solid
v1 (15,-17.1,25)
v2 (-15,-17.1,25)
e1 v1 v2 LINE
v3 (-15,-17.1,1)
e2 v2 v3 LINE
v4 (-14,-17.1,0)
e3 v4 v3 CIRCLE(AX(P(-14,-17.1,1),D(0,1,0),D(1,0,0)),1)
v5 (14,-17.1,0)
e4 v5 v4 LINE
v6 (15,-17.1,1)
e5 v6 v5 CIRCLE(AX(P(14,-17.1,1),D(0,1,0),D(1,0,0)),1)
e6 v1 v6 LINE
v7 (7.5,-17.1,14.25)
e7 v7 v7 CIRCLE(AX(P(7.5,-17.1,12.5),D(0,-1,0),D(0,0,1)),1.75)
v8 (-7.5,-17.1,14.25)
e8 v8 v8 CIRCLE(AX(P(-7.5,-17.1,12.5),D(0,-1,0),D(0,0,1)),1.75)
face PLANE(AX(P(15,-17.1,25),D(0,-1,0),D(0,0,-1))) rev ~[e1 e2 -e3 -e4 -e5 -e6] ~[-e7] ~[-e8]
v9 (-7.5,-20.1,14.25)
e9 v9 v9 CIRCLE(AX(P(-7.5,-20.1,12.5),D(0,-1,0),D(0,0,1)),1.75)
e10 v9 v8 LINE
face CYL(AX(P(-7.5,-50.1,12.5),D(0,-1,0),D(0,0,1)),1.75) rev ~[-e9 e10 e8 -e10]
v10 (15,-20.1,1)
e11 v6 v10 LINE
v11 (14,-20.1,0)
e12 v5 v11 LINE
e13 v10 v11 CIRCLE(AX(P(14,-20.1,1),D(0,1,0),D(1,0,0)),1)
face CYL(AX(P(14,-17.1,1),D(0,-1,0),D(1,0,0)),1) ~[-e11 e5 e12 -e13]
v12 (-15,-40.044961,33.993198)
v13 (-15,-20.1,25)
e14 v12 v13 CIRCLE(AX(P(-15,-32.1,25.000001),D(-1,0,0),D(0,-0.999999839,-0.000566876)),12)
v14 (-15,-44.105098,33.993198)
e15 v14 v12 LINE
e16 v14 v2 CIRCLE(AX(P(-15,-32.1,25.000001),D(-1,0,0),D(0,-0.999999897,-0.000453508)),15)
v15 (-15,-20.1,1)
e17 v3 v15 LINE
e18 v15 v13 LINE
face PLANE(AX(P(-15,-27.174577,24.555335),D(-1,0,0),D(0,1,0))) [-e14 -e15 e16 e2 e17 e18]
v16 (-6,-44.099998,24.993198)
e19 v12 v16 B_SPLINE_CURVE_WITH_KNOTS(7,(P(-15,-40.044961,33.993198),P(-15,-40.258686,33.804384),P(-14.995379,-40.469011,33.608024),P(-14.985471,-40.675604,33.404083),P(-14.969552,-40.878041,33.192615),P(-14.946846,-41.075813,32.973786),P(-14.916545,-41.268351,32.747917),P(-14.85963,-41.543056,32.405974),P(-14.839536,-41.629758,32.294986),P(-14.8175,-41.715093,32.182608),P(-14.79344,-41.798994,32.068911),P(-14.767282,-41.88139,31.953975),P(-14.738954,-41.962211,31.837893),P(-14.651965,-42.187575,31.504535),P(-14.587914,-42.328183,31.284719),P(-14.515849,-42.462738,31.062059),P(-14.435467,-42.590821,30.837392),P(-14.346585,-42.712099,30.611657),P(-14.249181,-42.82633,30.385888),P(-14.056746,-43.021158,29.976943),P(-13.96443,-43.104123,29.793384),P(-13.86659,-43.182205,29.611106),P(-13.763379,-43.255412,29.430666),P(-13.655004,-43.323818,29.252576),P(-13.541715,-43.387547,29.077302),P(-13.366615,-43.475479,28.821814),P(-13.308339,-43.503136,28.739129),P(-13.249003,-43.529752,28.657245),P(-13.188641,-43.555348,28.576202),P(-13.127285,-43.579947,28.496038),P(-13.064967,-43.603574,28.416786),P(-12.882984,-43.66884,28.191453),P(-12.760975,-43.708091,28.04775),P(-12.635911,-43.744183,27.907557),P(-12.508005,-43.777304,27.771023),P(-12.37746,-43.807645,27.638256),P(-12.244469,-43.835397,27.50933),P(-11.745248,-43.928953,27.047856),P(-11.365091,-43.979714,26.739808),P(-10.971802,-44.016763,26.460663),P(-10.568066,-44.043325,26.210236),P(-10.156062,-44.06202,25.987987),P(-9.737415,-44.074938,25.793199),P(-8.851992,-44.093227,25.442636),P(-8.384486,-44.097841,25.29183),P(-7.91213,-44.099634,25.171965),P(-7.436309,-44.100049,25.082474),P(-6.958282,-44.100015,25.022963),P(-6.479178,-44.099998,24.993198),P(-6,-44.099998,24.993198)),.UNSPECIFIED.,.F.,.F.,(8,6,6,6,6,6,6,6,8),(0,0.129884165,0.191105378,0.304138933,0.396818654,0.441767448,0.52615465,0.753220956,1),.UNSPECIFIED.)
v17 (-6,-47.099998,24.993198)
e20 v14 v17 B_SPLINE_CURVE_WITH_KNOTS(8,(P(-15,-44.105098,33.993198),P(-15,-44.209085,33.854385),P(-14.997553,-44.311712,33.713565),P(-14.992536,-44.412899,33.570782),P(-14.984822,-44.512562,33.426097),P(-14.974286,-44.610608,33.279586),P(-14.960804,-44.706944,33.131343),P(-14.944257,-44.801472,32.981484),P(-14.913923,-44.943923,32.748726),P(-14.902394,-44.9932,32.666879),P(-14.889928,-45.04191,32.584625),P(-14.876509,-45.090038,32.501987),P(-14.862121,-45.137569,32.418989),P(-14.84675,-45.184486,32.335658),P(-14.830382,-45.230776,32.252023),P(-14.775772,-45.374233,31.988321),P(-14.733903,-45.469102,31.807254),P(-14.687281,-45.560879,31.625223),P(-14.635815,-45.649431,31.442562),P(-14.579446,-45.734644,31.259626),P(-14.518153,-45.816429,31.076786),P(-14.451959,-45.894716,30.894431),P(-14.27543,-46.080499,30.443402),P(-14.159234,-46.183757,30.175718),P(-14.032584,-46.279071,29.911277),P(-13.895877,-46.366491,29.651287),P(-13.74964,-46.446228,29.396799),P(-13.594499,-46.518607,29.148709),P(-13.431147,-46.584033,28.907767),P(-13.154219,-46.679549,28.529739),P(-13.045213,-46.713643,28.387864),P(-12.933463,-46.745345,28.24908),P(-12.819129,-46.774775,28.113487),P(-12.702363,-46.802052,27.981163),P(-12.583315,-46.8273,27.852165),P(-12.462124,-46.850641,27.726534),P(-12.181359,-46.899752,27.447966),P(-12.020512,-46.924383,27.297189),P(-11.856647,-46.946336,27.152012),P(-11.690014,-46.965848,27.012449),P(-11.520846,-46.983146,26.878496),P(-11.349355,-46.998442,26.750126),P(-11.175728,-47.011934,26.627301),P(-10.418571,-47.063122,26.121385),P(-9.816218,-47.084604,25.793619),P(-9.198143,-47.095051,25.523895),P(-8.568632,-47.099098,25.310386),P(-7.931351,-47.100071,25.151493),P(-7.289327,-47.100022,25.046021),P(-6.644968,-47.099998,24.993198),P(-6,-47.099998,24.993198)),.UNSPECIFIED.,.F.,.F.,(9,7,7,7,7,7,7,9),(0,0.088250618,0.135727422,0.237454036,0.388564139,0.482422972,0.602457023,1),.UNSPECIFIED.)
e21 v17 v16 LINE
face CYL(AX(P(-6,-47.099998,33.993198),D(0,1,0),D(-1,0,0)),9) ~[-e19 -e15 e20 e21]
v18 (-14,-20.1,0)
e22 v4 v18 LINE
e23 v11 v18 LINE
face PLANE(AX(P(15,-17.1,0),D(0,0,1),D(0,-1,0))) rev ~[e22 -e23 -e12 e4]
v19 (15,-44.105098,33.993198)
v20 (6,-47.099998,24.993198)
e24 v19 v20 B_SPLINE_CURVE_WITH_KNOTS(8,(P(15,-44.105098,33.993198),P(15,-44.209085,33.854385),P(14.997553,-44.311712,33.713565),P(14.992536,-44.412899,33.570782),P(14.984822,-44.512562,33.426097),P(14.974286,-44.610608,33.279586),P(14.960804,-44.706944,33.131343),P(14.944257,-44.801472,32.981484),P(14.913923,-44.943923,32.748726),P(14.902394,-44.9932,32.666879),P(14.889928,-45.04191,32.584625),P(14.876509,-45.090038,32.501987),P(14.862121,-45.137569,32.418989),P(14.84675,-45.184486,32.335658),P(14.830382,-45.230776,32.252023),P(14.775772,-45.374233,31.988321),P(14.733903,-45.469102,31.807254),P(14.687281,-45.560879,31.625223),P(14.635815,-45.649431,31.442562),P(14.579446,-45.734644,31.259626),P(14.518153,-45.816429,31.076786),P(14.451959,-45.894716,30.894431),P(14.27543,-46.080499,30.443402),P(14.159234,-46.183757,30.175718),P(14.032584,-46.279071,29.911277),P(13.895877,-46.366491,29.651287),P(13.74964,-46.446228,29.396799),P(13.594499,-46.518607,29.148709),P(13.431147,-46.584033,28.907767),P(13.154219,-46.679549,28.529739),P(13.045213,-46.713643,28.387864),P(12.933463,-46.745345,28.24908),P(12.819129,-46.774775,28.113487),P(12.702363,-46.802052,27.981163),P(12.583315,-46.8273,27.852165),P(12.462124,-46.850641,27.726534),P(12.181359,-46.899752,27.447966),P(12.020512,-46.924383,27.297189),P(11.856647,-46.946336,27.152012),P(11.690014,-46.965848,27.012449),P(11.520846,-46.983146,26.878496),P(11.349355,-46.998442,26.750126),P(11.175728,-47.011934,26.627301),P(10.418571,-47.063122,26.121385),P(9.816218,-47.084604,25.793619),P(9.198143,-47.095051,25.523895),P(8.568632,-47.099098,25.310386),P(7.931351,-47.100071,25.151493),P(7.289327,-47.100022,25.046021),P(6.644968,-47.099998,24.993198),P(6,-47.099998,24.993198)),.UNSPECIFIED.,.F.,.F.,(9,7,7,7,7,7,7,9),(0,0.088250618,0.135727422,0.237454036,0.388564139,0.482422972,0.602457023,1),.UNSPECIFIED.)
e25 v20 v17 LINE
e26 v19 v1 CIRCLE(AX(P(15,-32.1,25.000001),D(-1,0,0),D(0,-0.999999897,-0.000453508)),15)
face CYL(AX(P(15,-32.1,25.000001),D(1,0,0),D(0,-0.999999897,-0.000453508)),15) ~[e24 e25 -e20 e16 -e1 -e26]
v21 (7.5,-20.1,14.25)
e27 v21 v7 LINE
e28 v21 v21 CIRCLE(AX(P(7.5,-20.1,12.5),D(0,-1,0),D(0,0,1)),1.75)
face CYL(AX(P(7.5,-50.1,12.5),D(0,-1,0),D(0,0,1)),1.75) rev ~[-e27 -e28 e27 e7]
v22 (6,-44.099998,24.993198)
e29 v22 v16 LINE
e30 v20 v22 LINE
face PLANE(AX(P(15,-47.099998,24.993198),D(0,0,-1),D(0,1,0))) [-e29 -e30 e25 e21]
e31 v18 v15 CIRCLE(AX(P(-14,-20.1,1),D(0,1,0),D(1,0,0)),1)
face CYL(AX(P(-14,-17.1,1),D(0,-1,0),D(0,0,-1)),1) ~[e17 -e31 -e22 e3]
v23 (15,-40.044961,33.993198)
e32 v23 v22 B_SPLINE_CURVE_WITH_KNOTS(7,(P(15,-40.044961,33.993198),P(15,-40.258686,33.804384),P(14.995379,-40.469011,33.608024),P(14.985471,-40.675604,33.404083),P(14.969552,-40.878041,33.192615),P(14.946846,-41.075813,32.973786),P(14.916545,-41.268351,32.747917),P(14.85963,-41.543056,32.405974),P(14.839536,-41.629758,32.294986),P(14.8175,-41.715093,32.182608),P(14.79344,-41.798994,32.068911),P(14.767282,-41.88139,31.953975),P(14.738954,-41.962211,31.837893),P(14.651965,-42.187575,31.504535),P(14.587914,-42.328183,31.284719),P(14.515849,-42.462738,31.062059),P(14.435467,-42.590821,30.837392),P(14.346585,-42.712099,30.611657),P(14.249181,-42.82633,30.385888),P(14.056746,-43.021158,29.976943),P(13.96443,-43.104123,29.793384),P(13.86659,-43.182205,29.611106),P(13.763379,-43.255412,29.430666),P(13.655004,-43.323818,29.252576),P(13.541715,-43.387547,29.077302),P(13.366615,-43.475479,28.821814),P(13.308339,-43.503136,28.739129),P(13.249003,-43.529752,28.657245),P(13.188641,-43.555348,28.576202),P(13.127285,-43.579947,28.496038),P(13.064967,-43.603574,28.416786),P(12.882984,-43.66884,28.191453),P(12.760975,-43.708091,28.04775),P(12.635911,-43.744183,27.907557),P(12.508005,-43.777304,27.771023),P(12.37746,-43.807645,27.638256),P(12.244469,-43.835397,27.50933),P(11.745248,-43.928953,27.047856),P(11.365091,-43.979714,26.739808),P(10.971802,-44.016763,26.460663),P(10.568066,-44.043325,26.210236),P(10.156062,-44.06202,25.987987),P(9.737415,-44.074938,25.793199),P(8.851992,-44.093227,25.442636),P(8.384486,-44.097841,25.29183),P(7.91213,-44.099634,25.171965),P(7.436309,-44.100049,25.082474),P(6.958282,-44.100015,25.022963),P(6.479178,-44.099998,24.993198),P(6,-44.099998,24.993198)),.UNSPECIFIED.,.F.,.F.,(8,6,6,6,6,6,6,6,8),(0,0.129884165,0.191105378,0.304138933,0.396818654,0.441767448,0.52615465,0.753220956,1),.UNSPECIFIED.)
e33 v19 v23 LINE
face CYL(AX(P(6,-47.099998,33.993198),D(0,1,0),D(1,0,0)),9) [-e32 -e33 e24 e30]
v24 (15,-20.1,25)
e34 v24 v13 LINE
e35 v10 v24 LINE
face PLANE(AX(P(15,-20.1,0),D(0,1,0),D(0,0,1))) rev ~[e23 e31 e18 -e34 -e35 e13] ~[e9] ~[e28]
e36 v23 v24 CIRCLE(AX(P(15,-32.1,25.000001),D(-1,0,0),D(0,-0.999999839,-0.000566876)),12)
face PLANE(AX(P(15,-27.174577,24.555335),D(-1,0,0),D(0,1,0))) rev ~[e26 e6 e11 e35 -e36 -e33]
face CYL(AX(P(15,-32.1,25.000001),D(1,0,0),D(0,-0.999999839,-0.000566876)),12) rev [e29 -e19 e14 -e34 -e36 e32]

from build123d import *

# Parameters (mm, degrees)
PAD002_DEPTH            = 30
SKETCH005_R             = 1.75
POCKET009_DEPTH         = 33.001
FILLET009_R             = 9
FILLET010_R             = 1
BODY001_ROLL_ANGLE      = -90
BODY001_PLACEMENT_ANGLE = 90


with BuildPart() as part:
    # Sketch004 (on XY_Plane001 of Origin002) → Pad002 (new body)
    with BuildSketch(Plane.XY):
        with BuildLine():
            Line((0, 25), (-3, 25))
            Line((-3, 25), (-3, 0))
            ThreePointArc((-26.999998, 0.006802), (-15.003401, -12), (-3, 0))
            Line((-29.999998, 0.006802), (-26.999998, 0.006802))
            ThreePointArc((-29.999998, 0.006802), (-15.003401, -15), (0, 0))
            Line((0, 0), (0, 25))
        make_face()
    extrude(amount=PAD002_DEPTH)

    # Sketch005 (on Face2 of Pad002) → Pocket009 (cut, through all)
    with BuildSketch(Plane(origin=(-33, 0, 0), x_dir=(0, -1, 0), z_dir=(-1, 0, 0))):
        with Locations((-12.5, 7.5)):
            Circle(SKETCH005_R)
        with Locations((-12.5, 22.5)):
            Circle(SKETCH005_R)
    extrude(amount=-POCKET009_DEPTH, mode=Mode.SUBTRACT)

    # Fillet009
    fillet009_edges = [part.edges().sort_by_distance(p)[0] for p in [
        (-28.499998, 0.006802, 30),
        (-28.499998, 0.006802, 0),
    ]]
    fillet(fillet009_edges, radius=FILLET009_R)

    # Fillet010
    fillet010_edges = [part.edges().sort_by_distance(p)[0] for p in [
        (-1.5, 25, 30),
        (-1.5, 25, 0),
    ]]
    fillet(fillet010_edges, radius=FILLET010_R)


with BuildPart() as part_1:
    # Body001 roll: moved
    add(part.part.rotate(Axis((0, 0, 0), (1, 0, 0)), BODY001_ROLL_ANGLE))


with BuildPart() as part_2:
    # Body001 placement: moved
    add(part_1.part.moved(Location((15, -17.1, 25))).rotate(Axis((15, -17.1, 25), (0, 0, 1)), BODY001_PLACEMENT_ANGLE))


solid = part_2.part
